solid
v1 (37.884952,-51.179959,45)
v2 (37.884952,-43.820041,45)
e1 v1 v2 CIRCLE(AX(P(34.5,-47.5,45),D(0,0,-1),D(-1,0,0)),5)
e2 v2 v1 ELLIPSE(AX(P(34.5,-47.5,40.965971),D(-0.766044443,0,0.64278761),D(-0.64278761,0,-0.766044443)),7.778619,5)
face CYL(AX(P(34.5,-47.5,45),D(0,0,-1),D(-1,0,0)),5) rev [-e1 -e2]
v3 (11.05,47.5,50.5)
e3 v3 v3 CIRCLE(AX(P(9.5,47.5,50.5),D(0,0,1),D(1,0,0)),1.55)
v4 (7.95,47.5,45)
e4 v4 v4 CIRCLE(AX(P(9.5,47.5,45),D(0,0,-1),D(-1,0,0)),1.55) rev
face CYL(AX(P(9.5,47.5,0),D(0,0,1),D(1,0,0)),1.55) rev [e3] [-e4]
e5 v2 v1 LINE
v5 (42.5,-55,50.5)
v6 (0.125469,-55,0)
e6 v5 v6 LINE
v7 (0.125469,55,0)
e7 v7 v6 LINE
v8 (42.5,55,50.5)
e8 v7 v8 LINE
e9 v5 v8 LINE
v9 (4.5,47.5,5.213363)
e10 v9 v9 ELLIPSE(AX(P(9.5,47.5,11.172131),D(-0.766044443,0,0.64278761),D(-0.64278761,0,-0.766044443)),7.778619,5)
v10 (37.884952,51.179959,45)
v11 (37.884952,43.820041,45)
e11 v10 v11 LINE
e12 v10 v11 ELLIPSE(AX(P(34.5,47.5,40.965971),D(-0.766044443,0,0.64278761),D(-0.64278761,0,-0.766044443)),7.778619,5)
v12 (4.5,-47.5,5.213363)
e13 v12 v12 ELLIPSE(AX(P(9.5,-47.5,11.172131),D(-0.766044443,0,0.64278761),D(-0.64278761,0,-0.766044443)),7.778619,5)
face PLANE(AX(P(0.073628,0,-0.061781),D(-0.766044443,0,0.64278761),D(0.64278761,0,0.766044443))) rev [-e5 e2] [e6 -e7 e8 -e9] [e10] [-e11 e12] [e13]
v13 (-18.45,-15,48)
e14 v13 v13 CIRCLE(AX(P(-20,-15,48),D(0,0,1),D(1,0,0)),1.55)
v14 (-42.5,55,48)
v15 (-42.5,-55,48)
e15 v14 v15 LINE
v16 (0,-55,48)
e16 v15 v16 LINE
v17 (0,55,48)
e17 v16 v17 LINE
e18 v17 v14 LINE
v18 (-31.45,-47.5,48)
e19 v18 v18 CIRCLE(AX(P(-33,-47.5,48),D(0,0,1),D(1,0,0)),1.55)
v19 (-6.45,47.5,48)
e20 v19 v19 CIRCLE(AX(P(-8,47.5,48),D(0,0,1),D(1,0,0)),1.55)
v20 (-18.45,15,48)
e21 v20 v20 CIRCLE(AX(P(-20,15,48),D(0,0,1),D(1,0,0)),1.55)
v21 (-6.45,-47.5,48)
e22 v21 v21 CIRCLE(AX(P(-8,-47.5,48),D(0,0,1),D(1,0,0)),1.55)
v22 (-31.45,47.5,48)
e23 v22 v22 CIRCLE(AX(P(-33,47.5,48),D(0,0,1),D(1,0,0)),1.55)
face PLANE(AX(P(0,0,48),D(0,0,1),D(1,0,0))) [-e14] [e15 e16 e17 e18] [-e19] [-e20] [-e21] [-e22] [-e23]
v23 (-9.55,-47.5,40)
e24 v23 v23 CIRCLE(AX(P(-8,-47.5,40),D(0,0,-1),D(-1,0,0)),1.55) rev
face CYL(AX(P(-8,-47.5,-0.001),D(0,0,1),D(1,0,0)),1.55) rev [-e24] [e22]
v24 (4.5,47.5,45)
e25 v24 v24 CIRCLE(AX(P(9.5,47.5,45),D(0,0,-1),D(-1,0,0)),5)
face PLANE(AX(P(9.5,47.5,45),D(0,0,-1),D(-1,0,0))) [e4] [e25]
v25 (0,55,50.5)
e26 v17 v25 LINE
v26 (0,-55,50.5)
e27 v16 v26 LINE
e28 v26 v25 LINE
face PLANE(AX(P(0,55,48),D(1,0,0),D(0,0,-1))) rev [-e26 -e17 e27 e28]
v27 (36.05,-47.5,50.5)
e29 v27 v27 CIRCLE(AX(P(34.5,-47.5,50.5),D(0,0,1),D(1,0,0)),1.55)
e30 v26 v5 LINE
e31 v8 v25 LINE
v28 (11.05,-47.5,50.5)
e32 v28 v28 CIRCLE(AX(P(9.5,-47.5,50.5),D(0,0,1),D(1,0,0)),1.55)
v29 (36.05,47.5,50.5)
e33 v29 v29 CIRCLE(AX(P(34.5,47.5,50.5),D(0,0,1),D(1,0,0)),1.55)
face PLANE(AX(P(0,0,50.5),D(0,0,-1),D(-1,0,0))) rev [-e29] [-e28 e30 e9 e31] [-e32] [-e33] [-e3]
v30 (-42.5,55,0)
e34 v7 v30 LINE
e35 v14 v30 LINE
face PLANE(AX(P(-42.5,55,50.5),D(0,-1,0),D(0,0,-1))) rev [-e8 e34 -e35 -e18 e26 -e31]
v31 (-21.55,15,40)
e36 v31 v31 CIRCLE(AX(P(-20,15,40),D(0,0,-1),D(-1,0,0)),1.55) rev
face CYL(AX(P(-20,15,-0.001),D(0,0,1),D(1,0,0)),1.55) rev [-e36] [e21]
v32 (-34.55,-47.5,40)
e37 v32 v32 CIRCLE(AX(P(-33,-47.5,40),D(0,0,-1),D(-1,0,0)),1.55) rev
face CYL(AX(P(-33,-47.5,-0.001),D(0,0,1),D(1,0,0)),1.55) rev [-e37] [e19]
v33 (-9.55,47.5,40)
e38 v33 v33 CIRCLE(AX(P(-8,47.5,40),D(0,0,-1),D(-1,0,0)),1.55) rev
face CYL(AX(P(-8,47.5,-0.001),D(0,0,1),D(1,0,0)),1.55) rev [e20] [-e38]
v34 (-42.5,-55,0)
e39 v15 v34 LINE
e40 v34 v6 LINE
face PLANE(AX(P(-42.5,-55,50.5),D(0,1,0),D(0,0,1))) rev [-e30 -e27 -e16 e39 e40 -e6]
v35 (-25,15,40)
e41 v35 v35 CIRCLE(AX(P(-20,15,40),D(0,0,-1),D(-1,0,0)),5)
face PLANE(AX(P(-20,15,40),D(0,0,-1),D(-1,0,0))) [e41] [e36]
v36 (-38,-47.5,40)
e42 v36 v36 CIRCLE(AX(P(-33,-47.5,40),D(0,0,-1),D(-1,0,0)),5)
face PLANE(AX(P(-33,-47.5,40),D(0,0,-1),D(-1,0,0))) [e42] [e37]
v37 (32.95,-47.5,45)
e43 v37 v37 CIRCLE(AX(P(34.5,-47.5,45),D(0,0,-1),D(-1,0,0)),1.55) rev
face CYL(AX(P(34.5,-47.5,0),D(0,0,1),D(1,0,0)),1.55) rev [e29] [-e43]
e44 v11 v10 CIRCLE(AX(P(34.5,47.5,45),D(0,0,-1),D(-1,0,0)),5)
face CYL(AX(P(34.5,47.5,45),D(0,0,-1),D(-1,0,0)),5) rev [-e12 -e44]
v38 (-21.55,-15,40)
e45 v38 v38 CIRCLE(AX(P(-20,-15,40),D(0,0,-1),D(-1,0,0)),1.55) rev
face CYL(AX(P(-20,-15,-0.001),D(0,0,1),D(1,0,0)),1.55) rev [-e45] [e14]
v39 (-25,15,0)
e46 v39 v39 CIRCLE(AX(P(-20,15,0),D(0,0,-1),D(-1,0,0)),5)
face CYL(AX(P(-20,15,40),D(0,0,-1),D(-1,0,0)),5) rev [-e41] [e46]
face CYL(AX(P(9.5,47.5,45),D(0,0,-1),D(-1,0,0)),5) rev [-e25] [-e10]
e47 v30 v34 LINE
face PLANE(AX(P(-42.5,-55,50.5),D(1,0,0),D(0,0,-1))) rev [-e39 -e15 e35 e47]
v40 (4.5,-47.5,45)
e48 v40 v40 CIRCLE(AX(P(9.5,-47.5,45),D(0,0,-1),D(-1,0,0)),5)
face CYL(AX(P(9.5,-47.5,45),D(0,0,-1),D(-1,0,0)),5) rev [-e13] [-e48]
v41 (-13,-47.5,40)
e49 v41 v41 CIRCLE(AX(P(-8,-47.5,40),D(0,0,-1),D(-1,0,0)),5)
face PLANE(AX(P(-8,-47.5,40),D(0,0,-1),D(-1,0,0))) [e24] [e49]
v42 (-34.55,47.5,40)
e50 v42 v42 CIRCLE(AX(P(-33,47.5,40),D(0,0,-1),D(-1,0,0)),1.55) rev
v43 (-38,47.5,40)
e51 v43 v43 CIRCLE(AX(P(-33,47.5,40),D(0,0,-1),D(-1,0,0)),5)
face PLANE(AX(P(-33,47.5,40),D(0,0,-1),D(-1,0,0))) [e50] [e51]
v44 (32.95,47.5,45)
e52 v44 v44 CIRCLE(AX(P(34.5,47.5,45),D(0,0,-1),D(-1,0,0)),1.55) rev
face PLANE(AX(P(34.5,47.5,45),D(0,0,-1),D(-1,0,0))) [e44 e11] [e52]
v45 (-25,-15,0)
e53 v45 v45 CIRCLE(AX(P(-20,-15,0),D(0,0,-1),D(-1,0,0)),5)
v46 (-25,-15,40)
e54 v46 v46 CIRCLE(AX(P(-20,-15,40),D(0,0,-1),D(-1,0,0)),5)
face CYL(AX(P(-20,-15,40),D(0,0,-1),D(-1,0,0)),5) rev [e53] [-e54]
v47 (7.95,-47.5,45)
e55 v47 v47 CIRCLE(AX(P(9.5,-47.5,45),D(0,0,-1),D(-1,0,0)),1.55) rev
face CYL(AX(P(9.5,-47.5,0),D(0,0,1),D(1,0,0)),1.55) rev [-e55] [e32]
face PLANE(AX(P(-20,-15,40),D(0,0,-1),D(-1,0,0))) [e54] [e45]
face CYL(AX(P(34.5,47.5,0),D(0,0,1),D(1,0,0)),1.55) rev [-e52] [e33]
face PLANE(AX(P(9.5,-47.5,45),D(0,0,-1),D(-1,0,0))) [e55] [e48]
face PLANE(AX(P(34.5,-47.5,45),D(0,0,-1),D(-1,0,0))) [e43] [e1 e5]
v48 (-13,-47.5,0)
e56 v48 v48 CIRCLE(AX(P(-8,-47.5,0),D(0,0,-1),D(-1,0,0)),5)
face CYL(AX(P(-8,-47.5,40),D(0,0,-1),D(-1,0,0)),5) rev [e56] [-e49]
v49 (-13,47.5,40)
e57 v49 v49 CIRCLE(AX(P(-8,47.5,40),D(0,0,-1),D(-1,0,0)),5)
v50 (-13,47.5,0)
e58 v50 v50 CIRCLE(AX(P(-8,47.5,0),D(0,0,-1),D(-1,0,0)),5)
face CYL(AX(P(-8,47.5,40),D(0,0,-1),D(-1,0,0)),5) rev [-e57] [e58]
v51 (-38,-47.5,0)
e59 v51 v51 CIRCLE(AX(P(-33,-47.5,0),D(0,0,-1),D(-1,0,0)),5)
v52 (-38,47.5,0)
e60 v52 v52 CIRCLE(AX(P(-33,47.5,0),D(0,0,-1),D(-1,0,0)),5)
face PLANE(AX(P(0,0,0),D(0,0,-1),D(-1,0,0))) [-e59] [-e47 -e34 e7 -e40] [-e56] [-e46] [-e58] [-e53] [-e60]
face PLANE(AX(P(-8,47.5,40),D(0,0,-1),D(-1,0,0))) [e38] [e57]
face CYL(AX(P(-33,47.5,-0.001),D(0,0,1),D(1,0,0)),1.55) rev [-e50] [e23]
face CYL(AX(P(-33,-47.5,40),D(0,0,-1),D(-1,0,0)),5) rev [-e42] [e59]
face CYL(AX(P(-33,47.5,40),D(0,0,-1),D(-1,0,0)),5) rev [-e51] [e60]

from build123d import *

# Parameters (mm, degrees)
SKETCH1_W           = 85
SKETCH1_H           = 110
BOSS_EXTRUDE1_DEPTH = 50.5
SKETCH2_W           = 42.5
SKETCH2_H           = 110
CUT_EXTRUDE1_DEPTH  = 2.5
CUT_EXTRUDE2_REACH  = 87.988
SKETCH3_W           = 130
SKETCH3_H           = 130
CUT_EXTRUDE3_REACH  = 86.47
SKETCH4_R           = 1.55
SKETCH5_R           = 1.55
CUT_EXTRUDE5_DEPTH  = 86.915656315
SKETCH9_R           = 5
CUT_EXTRUDE6_DEPTH  = 55
SKETCH10_R          = 5
CUT_EXTRUDE7_DEPTH  = 40


with BuildPart() as part:
    # Sketch1 → Boss-Extrude1 (new body)
    with BuildSketch(Plane.XY):
        Rectangle(SKETCH1_W, SKETCH1_H)
    extrude(amount=BOSS_EXTRUDE1_DEPTH)

    # Sketch2 → Cut-Extrude1 (cut)
    with BuildSketch(Plane.XY.offset(50.5)):
        with Locations((-21.25, 0)):
            Rectangle(SKETCH2_W, SKETCH2_H)
    extrude(amount=-CUT_EXTRUDE1_DEPTH, mode=Mode.SUBTRACT)

    # Sketch3 → Cut-Extrude2 (cut, up to next)
    with BuildSketch(Plane(origin=(0.073628012, 0, -0.061781238), x_dir=(0, 1, 0), z_dir=(-0.7660444431189792, 0, 0.6427876096865379)), mode=Mode.PRIVATE) as cut_extrude2_sk1:
        with Locations((-1.816321809, -4.4988995)):
            Rectangle(SKETCH3_W, SKETCH3_H)
    cut_extrude2_tool1 = extrude(cut_extrude2_sk1.sketch, amount=-CUT_EXTRUDE2_REACH, mode=Mode.PRIVATE) & part.part
    add(cut_extrude2_tool1.solids().sort_by_distance((2.965465, -1.816322, 3.384576))[0], mode=Mode.SUBTRACT)

    # Sketch4 → Cut-Extrude3 (cut, up to next)
    with BuildSketch(Plane.XY.offset(48), mode=Mode.PRIVATE) as cut_extrude3_sk1:
        with Locations((-8, 47.5)):
            Circle(SKETCH4_R)
    cut_extrude3_tool1 = extrude(cut_extrude3_sk1.sketch, amount=-CUT_EXTRUDE3_REACH, mode=Mode.PRIVATE) & part.part
    # Sketch4 → Cut-Extrude3 (cut, up to next)
    with BuildSketch(Plane.XY.offset(48), mode=Mode.PRIVATE) as cut_extrude3_sk2:
        with Locations((-33, 47.5)):
            Circle(SKETCH4_R)
    cut_extrude3_tool2 = extrude(cut_extrude3_sk2.sketch, amount=-CUT_EXTRUDE3_REACH, mode=Mode.PRIVATE) & part.part
    # Sketch4 → Cut-Extrude3 (cut, up to next)
    with BuildSketch(Plane.XY.offset(48), mode=Mode.PRIVATE) as cut_extrude3_sk3:
        with Locations((-20, 15)):
            Circle(SKETCH4_R)
    cut_extrude3_tool3 = extrude(cut_extrude3_sk3.sketch, amount=-CUT_EXTRUDE3_REACH, mode=Mode.PRIVATE) & part.part
    # Sketch4 → Cut-Extrude3 (cut, up to next)
    with BuildSketch(Plane.XY.offset(48), mode=Mode.PRIVATE) as cut_extrude3_sk4:
        with Locations((-20, -15)):
            Circle(SKETCH4_R)
    cut_extrude3_tool4 = extrude(cut_extrude3_sk4.sketch, amount=-CUT_EXTRUDE3_REACH, mode=Mode.PRIVATE) & part.part
    # Sketch4 → Cut-Extrude3 (cut, up to next)
    with BuildSketch(Plane.XY.offset(48), mode=Mode.PRIVATE) as cut_extrude3_sk5:
        with Locations((-8, -47.5)):
            Circle(SKETCH4_R)
    cut_extrude3_tool5 = extrude(cut_extrude3_sk5.sketch, amount=-CUT_EXTRUDE3_REACH, mode=Mode.PRIVATE) & part.part
    # Sketch4 → Cut-Extrude3 (cut, up to next)
    with BuildSketch(Plane.XY.offset(48), mode=Mode.PRIVATE) as cut_extrude3_sk6:
        with Locations((-33, -47.5)):
            Circle(SKETCH4_R)
    cut_extrude3_tool6 = extrude(cut_extrude3_sk6.sketch, amount=-CUT_EXTRUDE3_REACH, mode=Mode.PRIVATE) & part.part
    add(cut_extrude3_tool1.solids().sort_by_distance((-8, 47.5, 48))[0], mode=Mode.SUBTRACT)
    add(cut_extrude3_tool2.solids().sort_by_distance((-33, 47.5, 48))[0], mode=Mode.SUBTRACT)
    add(cut_extrude3_tool3.solids().sort_by_distance((-20, 15, 48))[0], mode=Mode.SUBTRACT)
    add(cut_extrude3_tool4.solids().sort_by_distance((-20, -15, 48))[0], mode=Mode.SUBTRACT)
    add(cut_extrude3_tool5.solids().sort_by_distance((-8, -47.5, 48))[0], mode=Mode.SUBTRACT)
    add(cut_extrude3_tool6.solids().sort_by_distance((-33, -47.5, 48))[0], mode=Mode.SUBTRACT)

    # Sketch5 → Cut-Extrude5 (cut, through all)
    with BuildSketch(Plane.XY.offset(50.5)):
        with Locations((9.5, 47.5)):
            Circle(SKETCH5_R)
        with Locations((34.5, 47.5)):
            Circle(SKETCH5_R)
        with Locations((34.5, -47.5)):
            Circle(SKETCH5_R)
        with Locations((9.5, -47.5)):
            Circle(SKETCH5_R)
    extrude(amount=-CUT_EXTRUDE5_DEPTH, mode=Mode.SUBTRACT)

    # Sketch9 → Cut-Extrude6 (cut)
    with BuildSketch(Plane(origin=(0, 0, -10), x_dir=(-1, 0, 0), z_dir=(0, 0, -1))):
        with Locations((-34.5, 47.5)):
            Circle(SKETCH9_R)
        with Locations((-9.5, 47.5)):
            Circle(SKETCH9_R)
        with Locations((-34.5, -47.5)):
            Circle(SKETCH9_R)
        with Locations((-9.5, -47.5)):
            Circle(SKETCH9_R)
    extrude(amount=-CUT_EXTRUDE6_DEPTH, mode=Mode.SUBTRACT)

    # Sketch10 → Cut-Extrude7 (cut)
    with BuildSketch(Plane(origin=(0, 0, 0), x_dir=(-1, 0, 0), z_dir=(0, 0, -1))):
        with Locations((8, 47.5)):
            Circle(SKETCH10_R)
        with Locations((33, 47.5)):
            Circle(SKETCH10_R)
        with Locations((33, -47.5)):
            Circle(SKETCH10_R)
        with Locations((8, -47.5)):
            Circle(SKETCH10_R)
        with Locations((20, 15)):
            Circle(SKETCH10_R)
        with Locations((20, -15)):
            Circle(SKETCH10_R)
    extrude(amount=-CUT_EXTRUDE7_DEPTH, mode=Mode.SUBTRACT)


solid = part.part
